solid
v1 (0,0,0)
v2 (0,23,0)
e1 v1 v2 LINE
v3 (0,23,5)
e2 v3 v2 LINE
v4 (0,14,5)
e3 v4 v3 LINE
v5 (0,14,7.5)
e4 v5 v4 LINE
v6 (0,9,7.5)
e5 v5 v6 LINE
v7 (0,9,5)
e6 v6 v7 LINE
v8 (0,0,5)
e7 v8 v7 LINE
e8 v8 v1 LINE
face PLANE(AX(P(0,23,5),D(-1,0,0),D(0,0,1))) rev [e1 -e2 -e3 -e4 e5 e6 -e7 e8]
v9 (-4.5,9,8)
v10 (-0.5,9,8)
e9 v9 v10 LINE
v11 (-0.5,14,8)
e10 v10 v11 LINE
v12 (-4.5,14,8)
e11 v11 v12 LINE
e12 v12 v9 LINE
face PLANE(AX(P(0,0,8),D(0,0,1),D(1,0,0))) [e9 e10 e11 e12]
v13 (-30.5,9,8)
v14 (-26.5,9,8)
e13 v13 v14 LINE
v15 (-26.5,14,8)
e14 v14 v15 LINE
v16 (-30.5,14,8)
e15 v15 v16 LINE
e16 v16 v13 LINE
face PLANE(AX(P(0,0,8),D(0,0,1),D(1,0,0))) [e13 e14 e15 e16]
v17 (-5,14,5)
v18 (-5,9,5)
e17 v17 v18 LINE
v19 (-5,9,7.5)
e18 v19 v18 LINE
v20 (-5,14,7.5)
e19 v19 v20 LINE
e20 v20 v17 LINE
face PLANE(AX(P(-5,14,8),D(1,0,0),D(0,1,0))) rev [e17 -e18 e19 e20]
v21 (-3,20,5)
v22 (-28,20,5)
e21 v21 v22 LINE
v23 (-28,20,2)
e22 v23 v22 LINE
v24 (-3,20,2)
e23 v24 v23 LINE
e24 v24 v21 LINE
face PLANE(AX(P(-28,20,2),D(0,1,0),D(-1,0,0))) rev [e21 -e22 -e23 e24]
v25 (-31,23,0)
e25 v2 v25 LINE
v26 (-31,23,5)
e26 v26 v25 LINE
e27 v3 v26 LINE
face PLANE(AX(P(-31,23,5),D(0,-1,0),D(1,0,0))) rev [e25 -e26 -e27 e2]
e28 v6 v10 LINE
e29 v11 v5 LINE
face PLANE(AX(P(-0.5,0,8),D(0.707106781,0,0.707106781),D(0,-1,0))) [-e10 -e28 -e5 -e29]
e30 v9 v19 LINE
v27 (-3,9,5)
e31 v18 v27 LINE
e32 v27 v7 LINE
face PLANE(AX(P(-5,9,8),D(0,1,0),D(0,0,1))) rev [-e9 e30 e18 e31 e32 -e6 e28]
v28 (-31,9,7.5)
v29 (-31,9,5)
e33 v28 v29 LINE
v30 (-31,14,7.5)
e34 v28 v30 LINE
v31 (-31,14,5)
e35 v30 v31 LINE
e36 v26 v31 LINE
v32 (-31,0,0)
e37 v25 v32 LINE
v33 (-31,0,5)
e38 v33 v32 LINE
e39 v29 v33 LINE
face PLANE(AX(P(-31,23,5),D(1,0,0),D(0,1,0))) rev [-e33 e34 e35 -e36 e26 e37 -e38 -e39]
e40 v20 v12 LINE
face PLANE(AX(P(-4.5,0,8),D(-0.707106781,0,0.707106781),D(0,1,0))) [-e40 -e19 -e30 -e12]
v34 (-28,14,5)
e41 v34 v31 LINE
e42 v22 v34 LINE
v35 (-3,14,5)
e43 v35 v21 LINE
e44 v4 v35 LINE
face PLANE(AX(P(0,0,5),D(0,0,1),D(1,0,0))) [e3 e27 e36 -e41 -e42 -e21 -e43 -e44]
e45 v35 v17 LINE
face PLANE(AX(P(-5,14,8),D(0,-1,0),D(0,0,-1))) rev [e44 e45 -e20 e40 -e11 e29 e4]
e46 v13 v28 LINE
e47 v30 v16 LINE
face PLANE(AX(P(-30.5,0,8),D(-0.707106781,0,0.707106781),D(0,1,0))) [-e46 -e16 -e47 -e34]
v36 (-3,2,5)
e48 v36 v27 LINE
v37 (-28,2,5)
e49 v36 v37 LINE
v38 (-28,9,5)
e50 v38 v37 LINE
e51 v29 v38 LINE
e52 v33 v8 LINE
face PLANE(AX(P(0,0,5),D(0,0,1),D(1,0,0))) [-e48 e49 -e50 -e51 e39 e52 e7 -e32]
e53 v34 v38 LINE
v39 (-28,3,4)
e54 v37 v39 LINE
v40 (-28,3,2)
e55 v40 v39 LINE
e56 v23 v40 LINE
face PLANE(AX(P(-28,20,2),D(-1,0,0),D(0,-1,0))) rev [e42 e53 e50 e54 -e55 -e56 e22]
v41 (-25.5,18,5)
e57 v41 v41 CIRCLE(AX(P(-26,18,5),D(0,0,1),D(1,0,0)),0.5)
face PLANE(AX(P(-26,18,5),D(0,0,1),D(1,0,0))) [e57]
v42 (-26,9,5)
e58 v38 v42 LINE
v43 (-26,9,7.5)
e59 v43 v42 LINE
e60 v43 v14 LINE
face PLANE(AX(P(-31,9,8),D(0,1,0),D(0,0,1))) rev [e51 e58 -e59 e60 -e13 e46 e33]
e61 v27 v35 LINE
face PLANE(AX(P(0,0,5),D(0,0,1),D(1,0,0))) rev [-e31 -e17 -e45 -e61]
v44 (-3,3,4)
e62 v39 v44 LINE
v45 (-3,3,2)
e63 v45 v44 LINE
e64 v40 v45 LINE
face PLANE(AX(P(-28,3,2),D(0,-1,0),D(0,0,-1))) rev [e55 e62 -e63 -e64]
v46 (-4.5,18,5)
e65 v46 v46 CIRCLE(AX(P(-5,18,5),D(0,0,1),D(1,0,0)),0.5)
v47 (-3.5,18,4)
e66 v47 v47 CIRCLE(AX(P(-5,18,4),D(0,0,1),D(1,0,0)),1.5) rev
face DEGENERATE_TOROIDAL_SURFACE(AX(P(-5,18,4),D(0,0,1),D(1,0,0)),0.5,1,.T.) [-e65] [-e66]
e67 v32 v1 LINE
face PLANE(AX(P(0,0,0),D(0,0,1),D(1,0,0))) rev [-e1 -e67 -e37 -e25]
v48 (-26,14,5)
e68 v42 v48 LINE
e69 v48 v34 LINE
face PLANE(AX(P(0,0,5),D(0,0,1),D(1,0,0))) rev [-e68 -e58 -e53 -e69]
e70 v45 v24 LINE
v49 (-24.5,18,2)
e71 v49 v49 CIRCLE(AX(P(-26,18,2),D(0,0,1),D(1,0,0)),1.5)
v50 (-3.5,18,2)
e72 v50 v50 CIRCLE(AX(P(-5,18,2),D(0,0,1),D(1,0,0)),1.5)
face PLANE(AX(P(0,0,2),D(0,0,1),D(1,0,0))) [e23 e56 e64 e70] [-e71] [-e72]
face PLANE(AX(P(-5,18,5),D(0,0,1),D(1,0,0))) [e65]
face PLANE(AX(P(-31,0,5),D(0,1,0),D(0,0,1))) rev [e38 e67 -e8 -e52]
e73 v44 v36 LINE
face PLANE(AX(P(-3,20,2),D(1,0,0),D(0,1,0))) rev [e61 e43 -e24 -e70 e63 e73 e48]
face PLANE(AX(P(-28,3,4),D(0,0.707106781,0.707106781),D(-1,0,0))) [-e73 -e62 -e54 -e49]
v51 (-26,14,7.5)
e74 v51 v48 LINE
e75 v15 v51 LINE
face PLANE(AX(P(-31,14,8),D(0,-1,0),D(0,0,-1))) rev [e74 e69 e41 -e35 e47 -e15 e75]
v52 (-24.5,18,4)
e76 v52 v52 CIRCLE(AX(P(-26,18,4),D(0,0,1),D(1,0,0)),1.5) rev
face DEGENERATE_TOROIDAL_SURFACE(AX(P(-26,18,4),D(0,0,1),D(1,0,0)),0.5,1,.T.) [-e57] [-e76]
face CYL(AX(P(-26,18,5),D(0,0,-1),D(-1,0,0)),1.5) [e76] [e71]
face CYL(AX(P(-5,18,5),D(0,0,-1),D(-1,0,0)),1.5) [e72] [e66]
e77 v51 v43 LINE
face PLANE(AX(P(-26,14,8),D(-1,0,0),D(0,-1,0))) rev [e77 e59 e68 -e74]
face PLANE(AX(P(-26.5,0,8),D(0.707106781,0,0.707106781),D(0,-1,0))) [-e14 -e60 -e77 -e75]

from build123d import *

# Parameters (mm, degrees)
ESQUISSE1_W             = 31
ESQUISSE1_H             = 23
BOSS_EXTRU_1_DEPTH      = 5
ESQUISSE2_W             = 25
ESQUISSE2_H             = 17
ENL_V_MAT_EXTRU_1_DEPTH = 3
ESQUISSE3_R             = 1.5
BOSS_EXTRU_2_DEPTH      = 3
CONG_1_R                = 1
ESQUISSE4_W             = 5
ESQUISSE4_H             = 5
BOSS_EXTRU_3_DEPTH      = 3
CHANFREIN1_SIZE         = 0.5
CHANFREIN2_SIZE         = 1


with BuildPart() as part:
    # Esquisse1 → Boss.-Extru.1 (new body)
    with BuildSketch(Plane.XY):
        with Locations((-15.5, 11.5)):
            Rectangle(ESQUISSE1_W, ESQUISSE1_H)
    extrude(amount=BOSS_EXTRU_1_DEPTH)

    # Esquisse2 → Enlèv. mat.-Extru.1 (cut)
    with BuildSketch(Plane.XY.offset(5)):
        with Locations((-15.5, 11.5)):
            Rectangle(ESQUISSE2_W, ESQUISSE2_H)
    extrude(amount=-ENL_V_MAT_EXTRU_1_DEPTH, mode=Mode.SUBTRACT)

    # Esquisse3 → Boss.-Extru.2 (add)
    with BuildSketch(Plane.XY.offset(2)):
        with Locations((-26, 18)):
            Circle(ESQUISSE3_R)
        with Locations((-5, 18)):
            Circle(ESQUISSE3_R)
    extrude(amount=BOSS_EXTRU_2_DEPTH)

    # Congé1
    cong_1_edges = [part.edges().sort_by_distance(p)[0] for p in [
        (-27.5, 18, 5),
        (-6.5, 18, 5),
    ]]
    fillet(cong_1_edges, radius=CONG_1_R)

    # Esquisse4 → Boss.-Extru.3 (add)
    with BuildSketch(Plane.XY.offset(5)):
        with Locations((-28.5, 11.5)):
            Rectangle(ESQUISSE4_W, ESQUISSE4_H)
        with Locations((-2.5, 11.5)):
            Rectangle(ESQUISSE4_W, ESQUISSE4_H)
    extrude(amount=BOSS_EXTRU_3_DEPTH)

    # Chanfrein1
    chanfrein1_edges = [part.edges().sort_by_distance(p)[0] for p in [
        (0, 11.5, 8),
        (-5, 11.5, 8),
        (-26, 11.5, 8),
        (-31, 11.5, 8),
    ]]
    chamfer(chanfrein1_edges, length=CHANFREIN1_SIZE)

    # Chanfrein2
    chanfrein2_edges = [part.edges().sort_by_distance(p)[0] for p in [
        (-15.5, 3, 5),
    ]]
    chamfer(chanfrein2_edges, length=CHANFREIN2_SIZE)


solid = part.part
